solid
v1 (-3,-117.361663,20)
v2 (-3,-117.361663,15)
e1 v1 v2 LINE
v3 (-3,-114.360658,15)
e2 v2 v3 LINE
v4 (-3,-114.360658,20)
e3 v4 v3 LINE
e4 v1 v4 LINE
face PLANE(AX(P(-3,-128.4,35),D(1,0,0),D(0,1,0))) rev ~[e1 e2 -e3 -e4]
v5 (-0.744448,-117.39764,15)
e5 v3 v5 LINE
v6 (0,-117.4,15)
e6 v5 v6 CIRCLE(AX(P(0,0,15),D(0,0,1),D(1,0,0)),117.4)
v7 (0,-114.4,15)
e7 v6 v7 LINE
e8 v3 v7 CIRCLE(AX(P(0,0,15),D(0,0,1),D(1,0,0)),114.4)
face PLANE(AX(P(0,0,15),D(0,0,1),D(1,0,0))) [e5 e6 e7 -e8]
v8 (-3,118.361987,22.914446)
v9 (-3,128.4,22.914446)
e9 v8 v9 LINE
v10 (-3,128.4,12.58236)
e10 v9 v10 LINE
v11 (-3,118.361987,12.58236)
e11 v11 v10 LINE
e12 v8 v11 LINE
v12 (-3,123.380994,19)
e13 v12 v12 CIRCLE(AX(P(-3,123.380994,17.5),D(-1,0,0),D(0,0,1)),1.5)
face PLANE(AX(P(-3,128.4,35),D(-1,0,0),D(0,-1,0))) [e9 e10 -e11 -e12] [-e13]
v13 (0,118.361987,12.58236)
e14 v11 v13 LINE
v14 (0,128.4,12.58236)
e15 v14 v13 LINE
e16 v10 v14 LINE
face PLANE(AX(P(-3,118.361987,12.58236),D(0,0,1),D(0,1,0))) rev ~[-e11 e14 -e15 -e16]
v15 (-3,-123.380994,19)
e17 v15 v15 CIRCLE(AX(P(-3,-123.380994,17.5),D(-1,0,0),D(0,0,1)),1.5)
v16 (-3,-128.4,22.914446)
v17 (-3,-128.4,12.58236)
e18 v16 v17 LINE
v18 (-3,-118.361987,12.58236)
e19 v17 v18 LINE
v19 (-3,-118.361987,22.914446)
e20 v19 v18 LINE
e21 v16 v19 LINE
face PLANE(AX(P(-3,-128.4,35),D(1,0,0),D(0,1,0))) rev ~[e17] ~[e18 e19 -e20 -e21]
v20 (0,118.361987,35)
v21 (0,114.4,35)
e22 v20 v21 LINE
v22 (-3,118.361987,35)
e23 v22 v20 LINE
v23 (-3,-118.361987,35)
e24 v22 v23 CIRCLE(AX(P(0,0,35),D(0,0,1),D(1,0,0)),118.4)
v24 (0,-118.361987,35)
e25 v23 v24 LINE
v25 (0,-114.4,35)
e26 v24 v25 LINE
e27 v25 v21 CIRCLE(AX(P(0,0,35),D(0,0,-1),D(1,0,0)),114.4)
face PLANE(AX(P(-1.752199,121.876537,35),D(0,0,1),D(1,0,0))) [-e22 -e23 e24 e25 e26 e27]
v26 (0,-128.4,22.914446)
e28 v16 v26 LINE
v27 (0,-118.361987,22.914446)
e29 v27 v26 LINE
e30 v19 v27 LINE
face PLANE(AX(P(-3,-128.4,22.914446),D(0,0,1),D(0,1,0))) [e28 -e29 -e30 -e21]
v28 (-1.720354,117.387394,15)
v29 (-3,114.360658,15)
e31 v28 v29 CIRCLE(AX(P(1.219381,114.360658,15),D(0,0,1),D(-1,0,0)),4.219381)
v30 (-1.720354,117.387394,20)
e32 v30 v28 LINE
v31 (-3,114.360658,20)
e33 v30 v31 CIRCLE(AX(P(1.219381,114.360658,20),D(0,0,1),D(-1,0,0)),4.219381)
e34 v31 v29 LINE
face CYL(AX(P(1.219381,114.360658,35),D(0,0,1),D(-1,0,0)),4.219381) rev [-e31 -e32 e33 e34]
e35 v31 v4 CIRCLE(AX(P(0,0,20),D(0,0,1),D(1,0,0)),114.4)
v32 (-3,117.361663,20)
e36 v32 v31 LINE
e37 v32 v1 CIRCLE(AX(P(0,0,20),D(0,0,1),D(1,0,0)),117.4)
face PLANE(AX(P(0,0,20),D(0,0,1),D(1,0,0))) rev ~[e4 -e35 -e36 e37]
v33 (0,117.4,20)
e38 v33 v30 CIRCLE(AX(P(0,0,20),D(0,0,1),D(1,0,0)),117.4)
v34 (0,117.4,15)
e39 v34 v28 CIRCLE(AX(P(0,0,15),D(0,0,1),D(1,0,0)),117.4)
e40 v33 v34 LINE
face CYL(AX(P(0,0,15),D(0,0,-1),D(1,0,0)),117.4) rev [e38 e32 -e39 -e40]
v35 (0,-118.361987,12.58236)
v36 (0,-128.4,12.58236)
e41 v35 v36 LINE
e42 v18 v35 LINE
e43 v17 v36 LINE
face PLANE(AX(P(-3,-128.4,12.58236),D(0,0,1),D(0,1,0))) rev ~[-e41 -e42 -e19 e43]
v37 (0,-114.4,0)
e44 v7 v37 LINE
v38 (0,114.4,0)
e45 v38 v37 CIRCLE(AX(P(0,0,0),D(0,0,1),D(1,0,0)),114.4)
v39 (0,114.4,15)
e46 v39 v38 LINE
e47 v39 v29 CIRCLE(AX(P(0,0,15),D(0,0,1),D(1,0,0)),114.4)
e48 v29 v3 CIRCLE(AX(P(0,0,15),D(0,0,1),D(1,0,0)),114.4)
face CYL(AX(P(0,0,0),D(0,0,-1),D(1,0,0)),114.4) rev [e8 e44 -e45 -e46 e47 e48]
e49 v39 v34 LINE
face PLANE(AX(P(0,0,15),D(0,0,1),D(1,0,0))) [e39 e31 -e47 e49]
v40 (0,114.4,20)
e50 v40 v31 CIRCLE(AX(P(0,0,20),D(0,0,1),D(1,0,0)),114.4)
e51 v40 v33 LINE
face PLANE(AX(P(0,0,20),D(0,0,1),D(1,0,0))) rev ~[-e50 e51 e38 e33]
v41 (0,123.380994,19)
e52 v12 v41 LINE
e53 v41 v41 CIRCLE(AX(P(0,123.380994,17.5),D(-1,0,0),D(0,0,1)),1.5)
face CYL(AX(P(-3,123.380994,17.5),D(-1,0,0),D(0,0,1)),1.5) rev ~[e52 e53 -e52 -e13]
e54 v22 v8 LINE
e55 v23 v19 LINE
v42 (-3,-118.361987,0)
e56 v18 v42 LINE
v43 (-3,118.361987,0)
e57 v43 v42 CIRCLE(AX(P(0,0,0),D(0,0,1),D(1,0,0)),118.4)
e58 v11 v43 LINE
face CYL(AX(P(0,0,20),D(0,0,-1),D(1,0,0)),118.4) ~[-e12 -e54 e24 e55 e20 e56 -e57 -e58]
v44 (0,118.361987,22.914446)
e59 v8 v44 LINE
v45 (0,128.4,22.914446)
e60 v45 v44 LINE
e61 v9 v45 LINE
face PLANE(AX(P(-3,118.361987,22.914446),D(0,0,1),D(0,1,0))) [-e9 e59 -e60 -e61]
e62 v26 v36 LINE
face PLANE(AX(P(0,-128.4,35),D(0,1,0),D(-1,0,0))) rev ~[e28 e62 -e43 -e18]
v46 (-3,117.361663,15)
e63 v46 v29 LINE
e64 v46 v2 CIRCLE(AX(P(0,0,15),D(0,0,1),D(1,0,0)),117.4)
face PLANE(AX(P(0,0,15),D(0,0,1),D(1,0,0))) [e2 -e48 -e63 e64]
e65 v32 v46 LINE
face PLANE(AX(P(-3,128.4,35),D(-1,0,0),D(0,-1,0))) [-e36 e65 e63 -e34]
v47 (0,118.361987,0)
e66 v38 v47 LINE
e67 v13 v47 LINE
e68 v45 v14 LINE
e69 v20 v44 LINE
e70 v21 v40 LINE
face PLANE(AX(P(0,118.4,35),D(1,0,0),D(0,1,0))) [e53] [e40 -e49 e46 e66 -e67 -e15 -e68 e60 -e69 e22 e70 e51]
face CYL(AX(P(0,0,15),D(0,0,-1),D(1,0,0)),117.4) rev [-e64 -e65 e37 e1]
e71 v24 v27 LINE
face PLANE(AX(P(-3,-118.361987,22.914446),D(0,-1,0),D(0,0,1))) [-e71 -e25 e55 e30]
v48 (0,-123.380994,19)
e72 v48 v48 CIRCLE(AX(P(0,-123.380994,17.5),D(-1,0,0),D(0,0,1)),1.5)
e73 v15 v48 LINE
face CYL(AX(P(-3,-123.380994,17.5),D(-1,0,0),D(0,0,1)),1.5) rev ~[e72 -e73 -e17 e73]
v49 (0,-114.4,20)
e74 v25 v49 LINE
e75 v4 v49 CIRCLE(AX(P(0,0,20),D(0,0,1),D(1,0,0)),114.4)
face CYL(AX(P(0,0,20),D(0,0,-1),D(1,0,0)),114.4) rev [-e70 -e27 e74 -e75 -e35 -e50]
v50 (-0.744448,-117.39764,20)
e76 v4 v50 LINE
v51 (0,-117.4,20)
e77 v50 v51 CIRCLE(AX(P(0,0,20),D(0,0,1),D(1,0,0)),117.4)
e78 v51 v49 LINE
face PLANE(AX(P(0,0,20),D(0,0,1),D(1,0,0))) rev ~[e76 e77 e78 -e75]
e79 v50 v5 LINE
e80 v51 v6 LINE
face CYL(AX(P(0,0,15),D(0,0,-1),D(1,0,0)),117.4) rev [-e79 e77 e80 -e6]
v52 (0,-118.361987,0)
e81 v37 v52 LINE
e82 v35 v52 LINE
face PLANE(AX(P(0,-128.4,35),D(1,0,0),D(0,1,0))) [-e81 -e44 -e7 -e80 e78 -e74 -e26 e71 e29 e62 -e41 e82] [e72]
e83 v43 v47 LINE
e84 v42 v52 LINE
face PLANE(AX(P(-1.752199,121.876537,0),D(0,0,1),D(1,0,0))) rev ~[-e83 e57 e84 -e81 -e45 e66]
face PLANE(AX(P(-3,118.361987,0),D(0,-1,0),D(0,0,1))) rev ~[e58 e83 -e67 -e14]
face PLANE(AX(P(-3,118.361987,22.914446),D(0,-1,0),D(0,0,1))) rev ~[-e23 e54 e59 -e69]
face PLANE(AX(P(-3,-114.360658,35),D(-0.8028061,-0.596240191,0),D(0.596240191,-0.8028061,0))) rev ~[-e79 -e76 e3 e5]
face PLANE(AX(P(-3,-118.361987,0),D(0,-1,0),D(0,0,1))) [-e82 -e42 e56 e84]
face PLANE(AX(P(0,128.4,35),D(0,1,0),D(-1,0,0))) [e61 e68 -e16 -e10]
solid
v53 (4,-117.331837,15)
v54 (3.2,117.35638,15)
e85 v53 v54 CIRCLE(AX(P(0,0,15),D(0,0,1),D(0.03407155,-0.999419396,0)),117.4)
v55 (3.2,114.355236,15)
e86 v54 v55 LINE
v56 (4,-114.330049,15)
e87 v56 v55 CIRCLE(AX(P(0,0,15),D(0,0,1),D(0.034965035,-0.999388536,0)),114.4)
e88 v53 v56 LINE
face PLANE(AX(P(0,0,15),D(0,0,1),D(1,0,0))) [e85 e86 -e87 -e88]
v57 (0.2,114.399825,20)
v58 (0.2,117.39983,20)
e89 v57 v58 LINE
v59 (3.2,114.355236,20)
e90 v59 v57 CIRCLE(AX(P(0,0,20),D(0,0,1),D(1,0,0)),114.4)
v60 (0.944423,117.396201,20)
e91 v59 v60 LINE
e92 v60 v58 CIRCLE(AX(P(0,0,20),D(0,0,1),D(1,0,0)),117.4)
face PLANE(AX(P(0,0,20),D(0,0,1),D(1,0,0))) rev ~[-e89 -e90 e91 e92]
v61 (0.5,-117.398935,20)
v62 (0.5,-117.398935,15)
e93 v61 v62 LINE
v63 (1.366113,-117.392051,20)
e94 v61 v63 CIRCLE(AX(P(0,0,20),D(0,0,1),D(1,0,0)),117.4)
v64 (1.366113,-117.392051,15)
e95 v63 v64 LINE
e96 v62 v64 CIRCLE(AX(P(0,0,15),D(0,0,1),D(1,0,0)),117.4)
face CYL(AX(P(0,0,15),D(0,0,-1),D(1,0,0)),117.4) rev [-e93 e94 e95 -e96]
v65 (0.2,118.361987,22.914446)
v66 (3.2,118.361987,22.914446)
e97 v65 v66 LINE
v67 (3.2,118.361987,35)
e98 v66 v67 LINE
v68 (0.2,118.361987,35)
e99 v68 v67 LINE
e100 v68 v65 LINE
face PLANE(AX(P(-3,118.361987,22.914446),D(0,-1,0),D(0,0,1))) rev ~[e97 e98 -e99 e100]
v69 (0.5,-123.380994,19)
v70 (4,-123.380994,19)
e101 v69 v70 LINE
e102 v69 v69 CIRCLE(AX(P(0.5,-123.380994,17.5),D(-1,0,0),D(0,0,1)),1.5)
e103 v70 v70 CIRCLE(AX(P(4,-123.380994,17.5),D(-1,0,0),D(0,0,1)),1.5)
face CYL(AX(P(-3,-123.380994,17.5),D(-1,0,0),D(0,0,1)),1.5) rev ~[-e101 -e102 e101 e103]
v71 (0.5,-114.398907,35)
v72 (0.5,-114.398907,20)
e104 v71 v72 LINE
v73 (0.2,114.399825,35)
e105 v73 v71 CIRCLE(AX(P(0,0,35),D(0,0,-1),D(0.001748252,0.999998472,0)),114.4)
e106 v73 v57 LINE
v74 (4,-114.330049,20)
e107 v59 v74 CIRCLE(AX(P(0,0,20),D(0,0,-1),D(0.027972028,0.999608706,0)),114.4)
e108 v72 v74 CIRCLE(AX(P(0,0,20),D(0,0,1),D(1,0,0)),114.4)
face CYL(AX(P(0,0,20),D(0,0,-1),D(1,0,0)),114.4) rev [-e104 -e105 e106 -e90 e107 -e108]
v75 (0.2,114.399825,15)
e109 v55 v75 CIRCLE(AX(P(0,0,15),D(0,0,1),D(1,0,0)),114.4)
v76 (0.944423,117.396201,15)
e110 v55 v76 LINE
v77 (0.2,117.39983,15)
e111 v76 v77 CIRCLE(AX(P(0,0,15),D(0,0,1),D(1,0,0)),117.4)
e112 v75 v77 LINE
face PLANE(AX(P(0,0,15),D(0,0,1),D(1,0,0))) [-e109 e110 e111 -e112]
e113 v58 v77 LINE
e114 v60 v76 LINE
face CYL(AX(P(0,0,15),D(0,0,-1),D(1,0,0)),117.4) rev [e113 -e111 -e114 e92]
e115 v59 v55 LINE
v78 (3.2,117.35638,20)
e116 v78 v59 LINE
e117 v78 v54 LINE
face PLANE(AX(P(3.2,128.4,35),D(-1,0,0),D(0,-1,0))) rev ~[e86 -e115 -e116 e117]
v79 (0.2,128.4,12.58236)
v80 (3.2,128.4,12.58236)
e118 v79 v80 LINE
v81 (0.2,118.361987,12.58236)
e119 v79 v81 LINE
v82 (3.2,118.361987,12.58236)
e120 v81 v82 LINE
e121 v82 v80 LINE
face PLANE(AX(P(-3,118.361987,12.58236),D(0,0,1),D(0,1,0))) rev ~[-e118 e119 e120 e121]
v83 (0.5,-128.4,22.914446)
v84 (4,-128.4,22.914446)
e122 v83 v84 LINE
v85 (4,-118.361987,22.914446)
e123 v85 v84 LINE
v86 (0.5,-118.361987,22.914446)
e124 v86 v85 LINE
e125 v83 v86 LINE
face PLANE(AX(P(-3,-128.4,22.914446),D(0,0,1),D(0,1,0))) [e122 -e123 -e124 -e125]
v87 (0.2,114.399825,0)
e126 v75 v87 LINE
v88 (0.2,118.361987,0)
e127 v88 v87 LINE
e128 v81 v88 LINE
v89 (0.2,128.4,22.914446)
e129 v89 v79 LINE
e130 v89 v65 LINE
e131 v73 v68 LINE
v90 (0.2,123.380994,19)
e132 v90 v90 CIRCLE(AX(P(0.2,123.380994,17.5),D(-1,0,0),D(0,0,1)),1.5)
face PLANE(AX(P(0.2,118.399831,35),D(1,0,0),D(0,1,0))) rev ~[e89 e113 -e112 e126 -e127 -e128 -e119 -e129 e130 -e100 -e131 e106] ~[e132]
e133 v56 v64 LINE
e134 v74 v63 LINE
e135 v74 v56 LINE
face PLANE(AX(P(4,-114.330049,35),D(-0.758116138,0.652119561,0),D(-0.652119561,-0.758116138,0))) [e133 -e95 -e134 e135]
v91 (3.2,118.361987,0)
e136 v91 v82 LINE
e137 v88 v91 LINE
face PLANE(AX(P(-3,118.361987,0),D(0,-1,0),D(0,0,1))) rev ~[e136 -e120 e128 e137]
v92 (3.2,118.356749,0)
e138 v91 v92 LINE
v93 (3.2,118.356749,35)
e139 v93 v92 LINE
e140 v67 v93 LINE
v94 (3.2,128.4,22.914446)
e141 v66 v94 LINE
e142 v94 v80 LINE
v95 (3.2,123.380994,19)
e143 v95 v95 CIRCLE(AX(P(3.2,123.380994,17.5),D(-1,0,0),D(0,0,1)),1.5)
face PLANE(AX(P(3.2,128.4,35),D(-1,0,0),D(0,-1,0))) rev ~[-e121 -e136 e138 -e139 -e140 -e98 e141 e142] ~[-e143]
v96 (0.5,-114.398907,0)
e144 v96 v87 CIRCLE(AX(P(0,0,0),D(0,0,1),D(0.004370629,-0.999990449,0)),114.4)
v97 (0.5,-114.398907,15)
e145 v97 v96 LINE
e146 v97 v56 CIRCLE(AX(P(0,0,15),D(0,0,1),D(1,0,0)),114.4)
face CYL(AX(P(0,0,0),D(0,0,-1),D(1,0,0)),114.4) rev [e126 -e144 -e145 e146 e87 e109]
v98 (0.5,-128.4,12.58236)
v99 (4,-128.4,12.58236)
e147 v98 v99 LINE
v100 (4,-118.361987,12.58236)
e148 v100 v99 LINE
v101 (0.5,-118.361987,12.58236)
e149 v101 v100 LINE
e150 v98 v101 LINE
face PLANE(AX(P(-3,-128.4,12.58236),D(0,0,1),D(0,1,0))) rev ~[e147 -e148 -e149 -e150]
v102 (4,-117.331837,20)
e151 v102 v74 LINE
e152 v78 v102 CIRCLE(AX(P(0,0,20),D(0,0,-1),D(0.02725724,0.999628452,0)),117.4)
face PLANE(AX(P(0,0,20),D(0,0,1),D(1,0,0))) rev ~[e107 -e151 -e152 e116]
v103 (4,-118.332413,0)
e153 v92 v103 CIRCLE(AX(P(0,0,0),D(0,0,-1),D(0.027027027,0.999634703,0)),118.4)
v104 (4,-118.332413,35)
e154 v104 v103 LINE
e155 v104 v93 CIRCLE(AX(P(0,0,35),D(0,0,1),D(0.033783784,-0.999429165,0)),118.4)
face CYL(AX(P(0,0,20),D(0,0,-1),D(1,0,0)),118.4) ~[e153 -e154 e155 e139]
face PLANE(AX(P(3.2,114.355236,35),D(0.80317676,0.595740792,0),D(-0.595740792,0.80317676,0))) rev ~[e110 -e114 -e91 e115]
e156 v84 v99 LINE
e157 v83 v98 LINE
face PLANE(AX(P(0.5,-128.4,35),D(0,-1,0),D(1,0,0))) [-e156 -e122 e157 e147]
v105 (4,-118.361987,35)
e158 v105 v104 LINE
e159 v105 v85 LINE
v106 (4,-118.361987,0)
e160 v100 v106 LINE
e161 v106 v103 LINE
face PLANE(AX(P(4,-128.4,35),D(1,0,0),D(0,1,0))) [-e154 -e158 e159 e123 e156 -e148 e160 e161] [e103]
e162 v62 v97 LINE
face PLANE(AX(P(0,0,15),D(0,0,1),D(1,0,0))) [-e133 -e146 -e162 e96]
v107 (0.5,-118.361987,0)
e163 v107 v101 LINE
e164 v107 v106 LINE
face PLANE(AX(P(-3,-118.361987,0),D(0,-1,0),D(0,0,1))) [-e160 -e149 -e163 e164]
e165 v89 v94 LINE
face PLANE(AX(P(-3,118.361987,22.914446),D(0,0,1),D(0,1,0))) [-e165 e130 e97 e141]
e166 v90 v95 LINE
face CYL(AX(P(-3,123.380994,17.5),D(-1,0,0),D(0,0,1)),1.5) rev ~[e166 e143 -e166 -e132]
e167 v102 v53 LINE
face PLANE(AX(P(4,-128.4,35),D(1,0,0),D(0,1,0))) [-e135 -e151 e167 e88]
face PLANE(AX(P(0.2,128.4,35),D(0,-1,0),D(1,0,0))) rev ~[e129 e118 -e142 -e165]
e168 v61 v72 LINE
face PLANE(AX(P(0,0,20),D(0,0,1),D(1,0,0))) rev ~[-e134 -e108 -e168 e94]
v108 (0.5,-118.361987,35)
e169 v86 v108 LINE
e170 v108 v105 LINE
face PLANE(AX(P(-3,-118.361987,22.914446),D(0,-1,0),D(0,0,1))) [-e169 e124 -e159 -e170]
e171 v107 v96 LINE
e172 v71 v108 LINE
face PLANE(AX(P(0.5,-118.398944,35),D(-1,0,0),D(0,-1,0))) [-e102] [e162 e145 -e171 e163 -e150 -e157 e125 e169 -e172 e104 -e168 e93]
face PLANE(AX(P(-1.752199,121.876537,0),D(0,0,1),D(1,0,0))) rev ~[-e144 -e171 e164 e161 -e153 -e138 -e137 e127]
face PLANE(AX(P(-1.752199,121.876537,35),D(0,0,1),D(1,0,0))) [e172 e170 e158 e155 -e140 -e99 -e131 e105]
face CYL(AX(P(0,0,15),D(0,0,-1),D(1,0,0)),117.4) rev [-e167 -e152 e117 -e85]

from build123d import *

# Parameters (mm, degrees)
SKETCH1_R      = 118.4
SKETCH1_R_2    = 114.4
EXTRUDE1_DEPTH = 15
SKETCH2_R      = 118.4
SKETCH2_R_2    = 117.4
EXTRUDE2_DEPTH = 5
SKETCH3_R      = 118.4
SKETCH3_R_2    = 114.4
EXTRUDE3_DEPTH = 15
EXTRUDE4_DEPTH = 35
SKETCH5_W      = 0.2
SKETCH5_H      = 17.636939157
SKETCH5_W_2    = 0.5
SKETCH5_H_2    = 21.284938381
EXTRUDE5_DEPTH = 36
SKETCH6_R      = 1.5
SKETCH6_W      = 12.085553783
SKETCH6_H      = 10.038012859
SKETCH6_W_2    = 12.582360216
EXTRUDE6_DEPTH = 122.4


with BuildPart() as part:
    # Sketch1 → Extrude1 (new body)
    with BuildSketch(Plane.XY):
        Circle(SKETCH1_R)
        Circle(SKETCH1_R_2, mode=Mode.SUBTRACT)
    extrude(amount=EXTRUDE1_DEPTH)

    # Sketch2 → Extrude2 (add)
    with BuildSketch(Plane.XY.offset(15)):
        Circle(SKETCH2_R)
        Circle(SKETCH2_R_2, mode=Mode.SUBTRACT)
    extrude(amount=EXTRUDE2_DEPTH)

    # Sketch3 → Extrude3 (add)
    with BuildSketch(Plane.XY.offset(20)):
        Circle(SKETCH3_R)
        Circle(SKETCH3_R_2, mode=Mode.SUBTRACT)
    extrude(amount=EXTRUDE3_DEPTH)

    # Sketch4 → Extrude4 (add)
    with BuildSketch(Plane.XY.offset(35)):
        with BuildLine():
            Line((0, 118.4), (0, 128.4))
            Line((0, 128.4), (-3, 128.4))
            Line((-3, 128.4), (-3, 114.360657571))
            ThreePointArc((-3, 114.360657571), (-2.167963765, 116.876422229), (0, 118.4))
        make_face()
        Polygon((0.2, 128.4), (3.2, 128.4), (3.2, 114.355235997), (0.2, 118.399831081), align=None)
        Polygon((0, -118.4), (0, -128.4), (-3, -128.4), (-3, -114.360657571), align=None)
        Polygon((0.5, -118.398944252), (0.5, -128.4), (4, -128.4), (4, -114.330048544), align=None)
    extrude(amount=-EXTRUDE4_DEPTH)

    # Sketch5 → Extrude5 (cut, through all)
    with BuildSketch(Plane.XY.offset(35)):
        with Locations((0.1, 119.581530422)):
            Rectangle(SKETCH5_W, SKETCH5_H)
        with Locations((0.25, -117.757530809)):
            Rectangle(SKETCH5_W_2, SKETCH5_H_2)
    extrude(amount=-EXTRUDE5_DEPTH, mode=Mode.SUBTRACT)

    # Sketch6 → Extrude6 (cut, through all)
    with BuildSketch(Plane.ZY.offset(3)):
        with Locations((17.5, 123.380993571)):
            Circle(SKETCH6_R)
        with Locations((17.5, -123.380993571)):
            Circle(SKETCH6_R)
        with Locations((28.957223109, 123.380993571)):
            Rectangle(SKETCH6_W, SKETCH6_H)
        with Locations((6.291180108, 123.380993571)):
            Rectangle(SKETCH6_W_2, SKETCH6_H)
        with Locations((28.957223109, -123.380993571)):
            Rectangle(SKETCH6_W, SKETCH6_H)
        with Locations((6.291180108, -123.380993571)):
            Rectangle(SKETCH6_W_2, SKETCH6_H)
    extrude(amount=-EXTRUDE6_DEPTH, mode=Mode.SUBTRACT)


solid = part.part
